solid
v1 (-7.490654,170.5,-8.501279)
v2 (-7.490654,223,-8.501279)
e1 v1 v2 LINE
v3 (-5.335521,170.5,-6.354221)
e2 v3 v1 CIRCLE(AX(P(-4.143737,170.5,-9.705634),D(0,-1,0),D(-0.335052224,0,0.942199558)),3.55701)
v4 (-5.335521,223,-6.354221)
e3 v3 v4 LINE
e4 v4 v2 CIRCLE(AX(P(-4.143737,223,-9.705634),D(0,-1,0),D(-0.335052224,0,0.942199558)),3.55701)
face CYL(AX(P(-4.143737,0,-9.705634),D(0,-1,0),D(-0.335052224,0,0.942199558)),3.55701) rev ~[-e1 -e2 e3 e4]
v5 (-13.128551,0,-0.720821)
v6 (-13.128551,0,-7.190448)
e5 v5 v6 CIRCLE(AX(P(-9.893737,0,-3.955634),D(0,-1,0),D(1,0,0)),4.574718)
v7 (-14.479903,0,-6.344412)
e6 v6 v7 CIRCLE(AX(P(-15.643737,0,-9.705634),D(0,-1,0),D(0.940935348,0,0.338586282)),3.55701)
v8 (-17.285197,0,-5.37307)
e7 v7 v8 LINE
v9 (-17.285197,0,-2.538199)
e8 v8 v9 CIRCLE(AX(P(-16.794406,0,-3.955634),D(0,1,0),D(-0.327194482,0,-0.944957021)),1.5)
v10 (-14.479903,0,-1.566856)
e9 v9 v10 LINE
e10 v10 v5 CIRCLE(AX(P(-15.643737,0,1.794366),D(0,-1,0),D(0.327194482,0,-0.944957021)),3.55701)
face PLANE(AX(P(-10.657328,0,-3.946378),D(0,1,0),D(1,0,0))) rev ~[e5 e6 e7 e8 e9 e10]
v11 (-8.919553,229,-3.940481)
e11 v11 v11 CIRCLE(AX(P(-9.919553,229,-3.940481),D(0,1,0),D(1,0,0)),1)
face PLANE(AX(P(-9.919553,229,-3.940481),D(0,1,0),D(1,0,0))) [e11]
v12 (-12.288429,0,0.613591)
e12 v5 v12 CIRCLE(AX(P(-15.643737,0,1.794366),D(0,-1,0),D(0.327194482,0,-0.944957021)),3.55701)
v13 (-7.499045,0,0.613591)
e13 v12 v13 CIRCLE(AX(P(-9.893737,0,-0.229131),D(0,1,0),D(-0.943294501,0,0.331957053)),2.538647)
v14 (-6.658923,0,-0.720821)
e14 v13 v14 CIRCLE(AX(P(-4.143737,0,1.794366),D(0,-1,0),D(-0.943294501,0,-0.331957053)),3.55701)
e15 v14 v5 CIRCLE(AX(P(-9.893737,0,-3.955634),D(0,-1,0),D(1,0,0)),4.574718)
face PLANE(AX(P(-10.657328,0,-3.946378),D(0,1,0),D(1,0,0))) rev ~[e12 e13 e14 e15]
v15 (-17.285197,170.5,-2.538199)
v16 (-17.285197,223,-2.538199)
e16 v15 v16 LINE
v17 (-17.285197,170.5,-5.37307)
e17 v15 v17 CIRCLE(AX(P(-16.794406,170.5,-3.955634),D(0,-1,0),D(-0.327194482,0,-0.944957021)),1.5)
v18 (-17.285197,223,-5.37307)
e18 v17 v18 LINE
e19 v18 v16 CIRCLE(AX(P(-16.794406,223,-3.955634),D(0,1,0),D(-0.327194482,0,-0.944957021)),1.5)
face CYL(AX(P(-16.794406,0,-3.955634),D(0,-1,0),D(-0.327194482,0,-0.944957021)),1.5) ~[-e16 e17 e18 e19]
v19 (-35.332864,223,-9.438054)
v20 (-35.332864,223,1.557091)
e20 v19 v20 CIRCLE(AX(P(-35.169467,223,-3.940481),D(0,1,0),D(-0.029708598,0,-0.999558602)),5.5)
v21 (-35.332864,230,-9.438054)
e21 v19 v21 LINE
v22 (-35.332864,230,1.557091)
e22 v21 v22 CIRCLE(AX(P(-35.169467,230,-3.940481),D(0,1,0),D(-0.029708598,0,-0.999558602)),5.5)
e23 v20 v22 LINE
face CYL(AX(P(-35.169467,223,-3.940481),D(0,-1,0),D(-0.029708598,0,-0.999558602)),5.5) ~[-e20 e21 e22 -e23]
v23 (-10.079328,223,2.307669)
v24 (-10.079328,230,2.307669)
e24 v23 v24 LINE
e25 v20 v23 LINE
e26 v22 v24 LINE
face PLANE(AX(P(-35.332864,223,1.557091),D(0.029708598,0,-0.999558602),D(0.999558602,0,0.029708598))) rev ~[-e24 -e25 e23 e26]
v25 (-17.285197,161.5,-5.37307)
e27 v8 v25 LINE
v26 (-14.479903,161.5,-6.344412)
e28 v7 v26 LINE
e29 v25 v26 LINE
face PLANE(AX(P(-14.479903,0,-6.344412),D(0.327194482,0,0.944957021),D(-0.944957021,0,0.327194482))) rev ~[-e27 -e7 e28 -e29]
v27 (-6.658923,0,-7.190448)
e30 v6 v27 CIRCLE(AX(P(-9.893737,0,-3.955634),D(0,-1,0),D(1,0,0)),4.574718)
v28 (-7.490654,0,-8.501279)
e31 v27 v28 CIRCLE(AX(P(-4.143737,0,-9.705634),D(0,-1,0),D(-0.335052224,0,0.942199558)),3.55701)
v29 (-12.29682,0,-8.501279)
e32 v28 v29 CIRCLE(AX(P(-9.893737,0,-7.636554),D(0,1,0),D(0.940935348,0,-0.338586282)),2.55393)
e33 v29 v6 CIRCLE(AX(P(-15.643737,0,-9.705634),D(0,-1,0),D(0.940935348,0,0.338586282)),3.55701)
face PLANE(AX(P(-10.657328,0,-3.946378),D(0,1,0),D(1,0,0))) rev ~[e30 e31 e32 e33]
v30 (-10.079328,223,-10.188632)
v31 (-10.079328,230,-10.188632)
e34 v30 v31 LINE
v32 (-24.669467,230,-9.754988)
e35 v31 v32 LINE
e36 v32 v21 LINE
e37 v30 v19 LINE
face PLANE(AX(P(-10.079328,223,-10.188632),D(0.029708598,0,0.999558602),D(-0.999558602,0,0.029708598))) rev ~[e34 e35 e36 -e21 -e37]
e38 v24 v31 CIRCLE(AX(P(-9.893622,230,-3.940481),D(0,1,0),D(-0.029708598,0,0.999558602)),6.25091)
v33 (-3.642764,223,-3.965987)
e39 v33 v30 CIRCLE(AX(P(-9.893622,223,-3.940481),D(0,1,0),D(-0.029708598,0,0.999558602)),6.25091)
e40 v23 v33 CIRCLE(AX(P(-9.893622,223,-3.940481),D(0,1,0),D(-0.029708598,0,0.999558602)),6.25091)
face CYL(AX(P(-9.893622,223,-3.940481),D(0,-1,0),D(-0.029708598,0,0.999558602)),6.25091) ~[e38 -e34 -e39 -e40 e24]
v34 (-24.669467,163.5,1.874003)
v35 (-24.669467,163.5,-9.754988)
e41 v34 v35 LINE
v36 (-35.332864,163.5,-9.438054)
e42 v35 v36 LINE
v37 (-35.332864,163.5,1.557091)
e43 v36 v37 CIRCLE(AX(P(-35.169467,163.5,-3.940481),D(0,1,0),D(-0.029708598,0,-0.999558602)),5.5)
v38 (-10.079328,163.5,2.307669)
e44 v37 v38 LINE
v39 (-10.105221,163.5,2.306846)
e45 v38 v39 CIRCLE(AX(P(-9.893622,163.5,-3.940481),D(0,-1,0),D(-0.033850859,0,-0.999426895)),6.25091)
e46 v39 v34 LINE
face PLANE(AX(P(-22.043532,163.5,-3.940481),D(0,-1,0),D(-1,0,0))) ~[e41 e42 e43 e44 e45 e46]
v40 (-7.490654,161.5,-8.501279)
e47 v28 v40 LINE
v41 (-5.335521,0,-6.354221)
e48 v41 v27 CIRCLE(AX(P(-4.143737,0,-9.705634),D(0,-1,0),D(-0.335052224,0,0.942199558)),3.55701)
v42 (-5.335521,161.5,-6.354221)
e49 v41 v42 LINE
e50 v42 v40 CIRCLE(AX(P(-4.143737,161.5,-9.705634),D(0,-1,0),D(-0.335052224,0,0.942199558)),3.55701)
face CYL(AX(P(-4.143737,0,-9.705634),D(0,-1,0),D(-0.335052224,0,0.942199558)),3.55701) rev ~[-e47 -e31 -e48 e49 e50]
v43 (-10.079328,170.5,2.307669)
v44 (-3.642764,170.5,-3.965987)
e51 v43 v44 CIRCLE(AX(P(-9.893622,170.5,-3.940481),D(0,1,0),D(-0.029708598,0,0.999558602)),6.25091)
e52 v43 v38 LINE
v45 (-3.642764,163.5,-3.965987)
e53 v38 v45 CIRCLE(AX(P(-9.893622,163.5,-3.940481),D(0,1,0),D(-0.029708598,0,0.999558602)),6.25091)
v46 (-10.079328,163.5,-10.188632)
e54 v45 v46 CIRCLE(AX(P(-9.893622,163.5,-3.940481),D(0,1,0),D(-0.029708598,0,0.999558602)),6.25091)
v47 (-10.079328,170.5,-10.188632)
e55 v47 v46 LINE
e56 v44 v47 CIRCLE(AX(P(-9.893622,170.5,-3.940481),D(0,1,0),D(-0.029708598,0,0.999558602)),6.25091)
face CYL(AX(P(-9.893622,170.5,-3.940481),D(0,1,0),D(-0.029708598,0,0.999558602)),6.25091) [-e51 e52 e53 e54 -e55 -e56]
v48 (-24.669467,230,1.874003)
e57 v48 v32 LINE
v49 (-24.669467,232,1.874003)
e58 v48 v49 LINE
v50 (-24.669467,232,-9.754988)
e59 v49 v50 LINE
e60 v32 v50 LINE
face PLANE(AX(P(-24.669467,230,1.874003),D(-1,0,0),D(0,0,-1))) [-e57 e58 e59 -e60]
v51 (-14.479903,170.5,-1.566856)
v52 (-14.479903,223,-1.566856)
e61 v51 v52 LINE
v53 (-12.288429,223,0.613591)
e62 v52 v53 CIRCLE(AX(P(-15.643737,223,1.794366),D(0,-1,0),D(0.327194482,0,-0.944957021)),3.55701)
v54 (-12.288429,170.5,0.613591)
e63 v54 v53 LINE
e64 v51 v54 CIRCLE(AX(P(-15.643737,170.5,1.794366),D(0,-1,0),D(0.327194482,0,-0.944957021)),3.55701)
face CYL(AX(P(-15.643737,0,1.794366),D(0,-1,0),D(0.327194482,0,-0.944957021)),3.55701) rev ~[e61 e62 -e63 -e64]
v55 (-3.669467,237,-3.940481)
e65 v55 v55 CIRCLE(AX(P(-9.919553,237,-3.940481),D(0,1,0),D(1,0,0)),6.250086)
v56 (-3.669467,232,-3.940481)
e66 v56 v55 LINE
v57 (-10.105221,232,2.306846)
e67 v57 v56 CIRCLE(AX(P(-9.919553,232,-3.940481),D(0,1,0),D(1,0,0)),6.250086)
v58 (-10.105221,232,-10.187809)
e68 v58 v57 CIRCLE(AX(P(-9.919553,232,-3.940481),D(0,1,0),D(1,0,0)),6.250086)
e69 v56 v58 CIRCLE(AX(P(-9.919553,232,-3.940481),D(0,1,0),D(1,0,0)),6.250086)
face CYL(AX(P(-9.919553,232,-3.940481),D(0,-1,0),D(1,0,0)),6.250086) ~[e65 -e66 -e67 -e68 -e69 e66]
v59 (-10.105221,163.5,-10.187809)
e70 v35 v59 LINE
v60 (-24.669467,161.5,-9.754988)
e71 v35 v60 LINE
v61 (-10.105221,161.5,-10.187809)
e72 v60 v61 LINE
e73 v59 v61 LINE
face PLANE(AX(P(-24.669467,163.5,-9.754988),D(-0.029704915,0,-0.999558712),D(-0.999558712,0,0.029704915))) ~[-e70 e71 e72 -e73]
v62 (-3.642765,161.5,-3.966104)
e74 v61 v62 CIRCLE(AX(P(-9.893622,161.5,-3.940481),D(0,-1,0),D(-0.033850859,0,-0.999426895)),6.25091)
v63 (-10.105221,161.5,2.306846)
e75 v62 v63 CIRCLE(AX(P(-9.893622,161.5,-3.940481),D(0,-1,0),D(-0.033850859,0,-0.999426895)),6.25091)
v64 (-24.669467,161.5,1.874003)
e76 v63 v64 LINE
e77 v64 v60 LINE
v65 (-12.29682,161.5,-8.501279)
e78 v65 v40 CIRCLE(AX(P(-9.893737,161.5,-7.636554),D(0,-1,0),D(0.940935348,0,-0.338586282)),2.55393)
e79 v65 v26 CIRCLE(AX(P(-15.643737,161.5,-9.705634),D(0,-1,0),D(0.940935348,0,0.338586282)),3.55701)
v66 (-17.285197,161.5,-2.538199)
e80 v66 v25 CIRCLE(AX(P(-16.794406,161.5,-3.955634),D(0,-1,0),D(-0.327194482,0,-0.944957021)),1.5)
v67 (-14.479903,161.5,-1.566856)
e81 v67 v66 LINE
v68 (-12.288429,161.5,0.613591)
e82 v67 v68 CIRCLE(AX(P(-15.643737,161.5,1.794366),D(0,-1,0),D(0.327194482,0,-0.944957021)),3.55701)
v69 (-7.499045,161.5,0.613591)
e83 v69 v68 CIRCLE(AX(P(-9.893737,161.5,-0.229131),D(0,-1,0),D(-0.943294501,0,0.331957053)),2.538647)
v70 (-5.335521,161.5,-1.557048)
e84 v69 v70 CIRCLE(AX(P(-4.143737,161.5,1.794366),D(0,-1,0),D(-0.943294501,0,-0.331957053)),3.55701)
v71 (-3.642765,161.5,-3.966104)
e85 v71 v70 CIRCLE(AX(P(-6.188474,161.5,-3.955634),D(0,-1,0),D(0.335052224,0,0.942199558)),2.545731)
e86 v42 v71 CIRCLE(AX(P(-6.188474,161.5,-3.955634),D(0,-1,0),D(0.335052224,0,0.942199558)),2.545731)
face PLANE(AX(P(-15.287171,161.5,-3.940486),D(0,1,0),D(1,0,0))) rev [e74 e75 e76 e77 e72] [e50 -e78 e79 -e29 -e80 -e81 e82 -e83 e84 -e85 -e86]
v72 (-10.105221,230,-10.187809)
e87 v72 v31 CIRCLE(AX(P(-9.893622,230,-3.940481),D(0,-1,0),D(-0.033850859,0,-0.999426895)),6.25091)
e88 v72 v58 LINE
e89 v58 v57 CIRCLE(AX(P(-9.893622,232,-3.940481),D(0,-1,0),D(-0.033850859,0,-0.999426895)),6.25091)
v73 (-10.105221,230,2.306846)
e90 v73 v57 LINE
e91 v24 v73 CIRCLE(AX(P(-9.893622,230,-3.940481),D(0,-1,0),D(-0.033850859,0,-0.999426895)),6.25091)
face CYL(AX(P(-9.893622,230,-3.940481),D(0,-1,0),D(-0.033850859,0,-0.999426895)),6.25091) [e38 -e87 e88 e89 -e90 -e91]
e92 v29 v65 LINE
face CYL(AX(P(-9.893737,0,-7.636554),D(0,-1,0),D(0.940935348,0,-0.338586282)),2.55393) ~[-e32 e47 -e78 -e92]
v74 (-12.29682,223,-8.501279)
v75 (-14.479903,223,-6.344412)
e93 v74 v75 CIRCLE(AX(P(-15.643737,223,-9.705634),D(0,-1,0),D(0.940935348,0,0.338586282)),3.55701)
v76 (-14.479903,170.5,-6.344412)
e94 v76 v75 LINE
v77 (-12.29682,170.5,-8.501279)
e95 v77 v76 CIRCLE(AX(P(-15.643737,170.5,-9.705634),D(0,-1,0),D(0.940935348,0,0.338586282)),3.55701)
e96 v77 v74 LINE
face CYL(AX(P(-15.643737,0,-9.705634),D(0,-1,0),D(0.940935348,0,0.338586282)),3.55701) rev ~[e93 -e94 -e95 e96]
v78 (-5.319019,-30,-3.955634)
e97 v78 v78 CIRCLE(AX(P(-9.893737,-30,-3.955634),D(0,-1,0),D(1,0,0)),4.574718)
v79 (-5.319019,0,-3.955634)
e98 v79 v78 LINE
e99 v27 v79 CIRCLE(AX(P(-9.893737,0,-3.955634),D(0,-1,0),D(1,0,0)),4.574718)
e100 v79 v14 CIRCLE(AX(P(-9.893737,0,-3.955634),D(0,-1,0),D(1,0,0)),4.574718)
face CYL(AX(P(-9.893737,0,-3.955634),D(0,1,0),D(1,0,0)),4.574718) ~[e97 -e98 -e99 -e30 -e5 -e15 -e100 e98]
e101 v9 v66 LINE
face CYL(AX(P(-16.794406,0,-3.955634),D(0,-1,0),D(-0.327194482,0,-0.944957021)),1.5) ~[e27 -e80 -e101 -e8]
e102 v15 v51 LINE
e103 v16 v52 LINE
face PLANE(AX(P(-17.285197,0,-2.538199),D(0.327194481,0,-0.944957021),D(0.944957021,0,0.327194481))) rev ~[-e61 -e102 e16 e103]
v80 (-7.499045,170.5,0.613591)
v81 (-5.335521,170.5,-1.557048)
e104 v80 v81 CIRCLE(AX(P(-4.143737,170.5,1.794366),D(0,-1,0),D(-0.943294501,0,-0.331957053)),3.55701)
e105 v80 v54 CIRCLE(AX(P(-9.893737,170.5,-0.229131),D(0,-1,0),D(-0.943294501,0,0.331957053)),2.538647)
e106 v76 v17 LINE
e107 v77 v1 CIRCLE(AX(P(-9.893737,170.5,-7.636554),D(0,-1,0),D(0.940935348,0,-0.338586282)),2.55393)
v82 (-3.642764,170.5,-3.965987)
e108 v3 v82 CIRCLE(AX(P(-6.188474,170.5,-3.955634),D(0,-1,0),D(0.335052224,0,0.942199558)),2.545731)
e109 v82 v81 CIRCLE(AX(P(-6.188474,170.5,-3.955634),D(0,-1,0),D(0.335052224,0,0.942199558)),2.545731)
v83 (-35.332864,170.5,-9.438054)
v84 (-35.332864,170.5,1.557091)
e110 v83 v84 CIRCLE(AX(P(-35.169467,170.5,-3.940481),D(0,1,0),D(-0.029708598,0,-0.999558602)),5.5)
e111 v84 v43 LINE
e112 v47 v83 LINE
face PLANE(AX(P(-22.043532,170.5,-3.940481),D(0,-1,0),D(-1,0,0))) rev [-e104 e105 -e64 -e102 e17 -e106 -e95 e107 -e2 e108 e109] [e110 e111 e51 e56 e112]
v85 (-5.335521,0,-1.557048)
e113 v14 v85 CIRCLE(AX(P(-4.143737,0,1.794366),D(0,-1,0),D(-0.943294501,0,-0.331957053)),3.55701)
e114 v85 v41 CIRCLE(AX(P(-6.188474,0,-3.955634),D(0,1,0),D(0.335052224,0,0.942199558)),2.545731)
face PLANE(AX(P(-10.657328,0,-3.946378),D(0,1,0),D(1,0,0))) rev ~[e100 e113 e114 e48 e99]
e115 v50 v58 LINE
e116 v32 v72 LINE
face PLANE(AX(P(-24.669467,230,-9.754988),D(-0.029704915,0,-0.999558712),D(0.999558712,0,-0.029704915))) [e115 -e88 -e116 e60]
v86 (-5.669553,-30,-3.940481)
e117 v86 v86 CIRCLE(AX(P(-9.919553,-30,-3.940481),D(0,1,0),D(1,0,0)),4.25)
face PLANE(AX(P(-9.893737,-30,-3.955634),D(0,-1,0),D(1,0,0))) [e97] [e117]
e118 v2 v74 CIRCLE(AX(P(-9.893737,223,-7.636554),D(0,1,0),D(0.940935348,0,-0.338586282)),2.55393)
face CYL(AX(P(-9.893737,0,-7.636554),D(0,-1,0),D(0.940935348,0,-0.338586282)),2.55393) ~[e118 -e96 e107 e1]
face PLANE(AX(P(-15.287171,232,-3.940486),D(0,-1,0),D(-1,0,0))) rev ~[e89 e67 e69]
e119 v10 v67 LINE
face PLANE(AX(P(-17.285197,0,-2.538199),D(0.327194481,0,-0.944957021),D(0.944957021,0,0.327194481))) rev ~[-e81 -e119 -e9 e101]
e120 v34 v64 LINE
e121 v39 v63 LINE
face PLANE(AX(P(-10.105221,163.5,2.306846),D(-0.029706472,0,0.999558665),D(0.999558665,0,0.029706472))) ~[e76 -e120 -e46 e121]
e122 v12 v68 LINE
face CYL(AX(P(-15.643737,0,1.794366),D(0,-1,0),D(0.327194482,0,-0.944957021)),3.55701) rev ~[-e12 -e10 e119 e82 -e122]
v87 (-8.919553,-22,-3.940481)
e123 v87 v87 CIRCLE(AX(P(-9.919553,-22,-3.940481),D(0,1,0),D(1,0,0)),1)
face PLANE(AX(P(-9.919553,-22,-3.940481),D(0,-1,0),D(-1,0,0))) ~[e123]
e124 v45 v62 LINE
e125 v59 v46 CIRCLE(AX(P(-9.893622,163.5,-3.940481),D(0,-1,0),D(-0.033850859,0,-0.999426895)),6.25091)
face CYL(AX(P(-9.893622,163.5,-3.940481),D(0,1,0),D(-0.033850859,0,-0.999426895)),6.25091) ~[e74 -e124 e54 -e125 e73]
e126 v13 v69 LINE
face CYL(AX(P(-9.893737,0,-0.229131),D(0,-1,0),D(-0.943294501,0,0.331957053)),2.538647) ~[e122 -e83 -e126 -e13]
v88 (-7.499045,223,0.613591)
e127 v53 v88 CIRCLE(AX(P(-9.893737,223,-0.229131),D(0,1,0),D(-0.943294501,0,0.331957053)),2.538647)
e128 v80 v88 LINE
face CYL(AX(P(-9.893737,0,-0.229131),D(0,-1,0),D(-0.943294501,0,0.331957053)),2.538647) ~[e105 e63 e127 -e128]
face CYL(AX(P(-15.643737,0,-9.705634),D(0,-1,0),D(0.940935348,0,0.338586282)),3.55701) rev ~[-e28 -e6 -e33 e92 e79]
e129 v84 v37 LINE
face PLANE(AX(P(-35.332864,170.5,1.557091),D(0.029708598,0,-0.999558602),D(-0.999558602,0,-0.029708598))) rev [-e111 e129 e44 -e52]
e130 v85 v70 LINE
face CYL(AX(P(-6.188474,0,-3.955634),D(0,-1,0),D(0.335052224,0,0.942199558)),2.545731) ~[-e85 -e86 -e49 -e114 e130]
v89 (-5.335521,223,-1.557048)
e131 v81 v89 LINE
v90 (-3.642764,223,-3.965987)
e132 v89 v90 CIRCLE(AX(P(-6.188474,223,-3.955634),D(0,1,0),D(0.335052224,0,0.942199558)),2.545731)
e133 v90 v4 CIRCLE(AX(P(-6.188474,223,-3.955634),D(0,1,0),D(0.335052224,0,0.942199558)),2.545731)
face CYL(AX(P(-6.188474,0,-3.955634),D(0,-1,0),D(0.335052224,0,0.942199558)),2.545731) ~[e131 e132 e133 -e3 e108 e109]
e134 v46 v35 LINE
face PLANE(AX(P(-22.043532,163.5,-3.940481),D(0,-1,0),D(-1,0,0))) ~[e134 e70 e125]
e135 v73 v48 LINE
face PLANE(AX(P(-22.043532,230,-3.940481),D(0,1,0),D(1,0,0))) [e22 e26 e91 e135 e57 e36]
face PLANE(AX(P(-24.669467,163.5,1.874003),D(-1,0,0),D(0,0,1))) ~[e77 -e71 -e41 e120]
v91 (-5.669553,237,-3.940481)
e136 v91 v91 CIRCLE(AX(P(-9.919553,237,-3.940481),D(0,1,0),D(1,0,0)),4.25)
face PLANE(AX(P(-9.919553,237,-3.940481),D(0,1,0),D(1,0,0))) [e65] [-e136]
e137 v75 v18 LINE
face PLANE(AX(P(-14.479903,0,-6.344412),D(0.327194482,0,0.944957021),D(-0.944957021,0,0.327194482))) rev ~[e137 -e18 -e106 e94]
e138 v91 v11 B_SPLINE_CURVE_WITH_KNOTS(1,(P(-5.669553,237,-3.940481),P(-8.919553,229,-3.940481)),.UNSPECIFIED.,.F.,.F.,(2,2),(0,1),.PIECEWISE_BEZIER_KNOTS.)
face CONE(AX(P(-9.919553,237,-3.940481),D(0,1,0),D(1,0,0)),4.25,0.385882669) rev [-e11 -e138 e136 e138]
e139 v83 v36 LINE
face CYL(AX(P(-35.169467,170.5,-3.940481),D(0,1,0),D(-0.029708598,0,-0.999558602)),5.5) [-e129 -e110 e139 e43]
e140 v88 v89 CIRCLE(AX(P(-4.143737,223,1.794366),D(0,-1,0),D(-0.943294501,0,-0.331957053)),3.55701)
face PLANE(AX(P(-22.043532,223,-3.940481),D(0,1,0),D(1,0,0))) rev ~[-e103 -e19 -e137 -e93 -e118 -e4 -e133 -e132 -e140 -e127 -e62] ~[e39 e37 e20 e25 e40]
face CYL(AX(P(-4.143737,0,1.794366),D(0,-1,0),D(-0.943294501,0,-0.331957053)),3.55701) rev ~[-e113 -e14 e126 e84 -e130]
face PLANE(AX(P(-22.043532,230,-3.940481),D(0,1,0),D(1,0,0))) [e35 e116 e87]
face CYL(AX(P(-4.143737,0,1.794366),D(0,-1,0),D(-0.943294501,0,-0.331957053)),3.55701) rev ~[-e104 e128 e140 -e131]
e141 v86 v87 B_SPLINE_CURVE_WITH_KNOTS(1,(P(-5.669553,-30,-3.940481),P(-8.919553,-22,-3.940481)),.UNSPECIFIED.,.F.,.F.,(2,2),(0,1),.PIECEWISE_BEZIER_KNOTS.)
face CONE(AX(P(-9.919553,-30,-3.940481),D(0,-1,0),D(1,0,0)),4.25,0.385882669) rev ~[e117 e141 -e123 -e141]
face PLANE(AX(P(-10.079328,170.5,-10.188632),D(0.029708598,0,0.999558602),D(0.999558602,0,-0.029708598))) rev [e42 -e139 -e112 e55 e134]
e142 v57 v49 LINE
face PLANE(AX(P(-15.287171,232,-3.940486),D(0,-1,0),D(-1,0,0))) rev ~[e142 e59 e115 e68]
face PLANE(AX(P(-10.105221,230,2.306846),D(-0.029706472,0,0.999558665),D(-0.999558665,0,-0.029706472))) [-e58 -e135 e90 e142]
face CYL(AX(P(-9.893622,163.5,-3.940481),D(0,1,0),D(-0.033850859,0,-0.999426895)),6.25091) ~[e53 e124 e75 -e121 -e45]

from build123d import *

# Parameters (mm, degrees)
SALIENTE_EXTRUIR2_DEPTH = 223
SALIENTE_EXTRUIR3_DEPTH = 7
SALIENTE_EXTRUIR4_DEPTH = 2
CROQUIS7_R              = 6.250085867
SALIENTE_EXTRUIR5_DEPTH = 5
CROQUIS8_R              = 4.25
CROQUIS9_R              = 1
CROQUIS10_R             = 4.57471759
SALIENTE_EXTRUIR6_DEPTH = 30


with BuildPart() as part:
    # Croquis1 → Saliente-Extruir2 (new body)
    with BuildSketch(Plane(origin=(0, 0, 0), x_dir=(1, 0, 0), z_dir=(0, 1, 0))):
        with BuildLine():
            Line((-14.479902674, 6.344412478), (-17.285197352, 5.373069954))
            ThreePointArc((-17.285197352, 5.373069954), (-18.294405629, 3.955634423), (-17.285197352, 2.538198891))
            Line((-17.285197352, 2.538198891), (-14.479902674, 1.566856368))
            ThreePointArc((-14.479902674, 1.566856368), (-13.134902489, 0.727156406), (-12.288428502, -0.61359089))
            ThreePointArc((-12.288428502, -0.61359089), (-9.893736846, -2.309516044), (-7.499045189, -0.61359089))
            ThreePointArc((-7.499045189, -0.61359089), (-6.663048477, 0.716688354), (-5.33552109, 1.557048043))
            ThreePointArc((-5.33552109, 1.557048043), (-3.642743095, 3.955634423), (-5.33552109, 6.354220802))
            ThreePointArc((-5.33552109, 6.354220802), (-6.654198374, 7.185732469), (-7.490653659, 8.501279498))
            ThreePointArc((-7.490653659, 8.501279498), (-9.893736846, 10.190483956), (-12.296820032, 8.501279498))
            ThreePointArc((-12.296820032, 8.501279498), (-13.143789356, 7.175301343), (-14.479902674, 6.344412478))
        make_face()
    extrude(amount=SALIENTE_EXTRUIR2_DEPTH)

    # Croquis5 → Saliente-Extruir3 (add)
    with BuildSketch(Plane(origin=(0, 223, 0), x_dir=(1, 0, 0), z_dir=(0, 1, 0))):
        with BuildLine():
            Line((-10.079327793, 10.188632247), (-35.332864115, 9.438053784))
            ThreePointArc((-35.332864115, 9.438053784), (-40.669466825, 3.940481472), (-35.332864115, -1.55709084))
            Line((-35.332864115, -1.55709084), (-10.079327793, -2.307669303))
            ThreePointArc((-10.079327793, -2.307669303), (-3.64271211, 3.940481472), (-10.079327793, 10.188632247))
        make_face()
    saliente_extruir3 = extrude(amount=SALIENTE_EXTRUIR3_DEPTH)

    # Croquis6 → Saliente-Extruir4 (add)
    with BuildSketch(Plane(origin=(0, 230, 0), x_dir=(1, 0, 0), z_dir=(0, 1, 0))):
        with BuildLine():
            Line((-24.6694675, 9.754988242), (-10.105220694, 10.18780896))
            ThreePointArc((-10.105220694, 10.18780896), (-3.64271211, 3.940481472), (-10.105220694, -2.306846016))
            Line((-10.105220694, -2.306846016), (-24.6694675, -1.874002597))
            Line((-24.6694675, -1.874002597), (-24.6694675, 9.754988242))
        make_face()
    saliente_extruir4 = extrude(amount=SALIENTE_EXTRUIR4_DEPTH)

    # Croquis7 → Saliente-Extruir5 (add)
    with BuildSketch(Plane(origin=(0, 232, 0), x_dir=(1, 0, 0), z_dir=(0, 1, 0))):
        with Locations((-9.919552693, 3.940481472)):
            Circle(CROQUIS7_R)
    extrude(amount=SALIENTE_EXTRUIR5_DEPTH)

    # Croquis8 → Cortar-Recubrir1 section 0
    with BuildSketch(Plane(origin=(0, 237, 0), x_dir=(1, 0, 0), z_dir=(0, 1, 0))):
        with Locations((-9.919552693, 3.940481472)):
            Circle(CROQUIS8_R)
    # Croquis9 → Cortar-Recubrir1 section 1
    with BuildSketch(Plane(origin=(0, 229, 0), x_dir=(1, 0, 0), z_dir=(0, 1, 0))):
        with Locations((-9.919552693, 3.940481472)):
            Circle(CROQUIS9_R)
    cortar_recubrir1 = loft(mode=Mode.SUBTRACT)

    # Simetría3: Saliente-Extruir3 across plane
    add(saliente_extruir3.mirror(Plane(origin=(0, 196.75, 0), x_dir=(0, 0, 1), z_dir=(0, -1, 0))))

    # Simetría4: Saliente-Extruir4 across plane
    add(saliente_extruir4.mirror(Plane(origin=(0, 196.75, 0), x_dir=(0, 0, 1), z_dir=(0, -1, 0))))

    # Croquis10 → Saliente-Extruir6 (add)
    with BuildSketch(Plane.XZ):
        with Locations((-9.893736846, -3.955634423)):
            Circle(CROQUIS10_R)
    extrude(amount=SALIENTE_EXTRUIR6_DEPTH)

    # Simetría5: Cortar-Recubrir1 across plane
    add(cortar_recubrir1.mirror(Plane(origin=(0, 103.5, 0), x_dir=(0, 0, 1), z_dir=(0, -1, 0))), mode=Mode.SUBTRACT)


solid = part.part
